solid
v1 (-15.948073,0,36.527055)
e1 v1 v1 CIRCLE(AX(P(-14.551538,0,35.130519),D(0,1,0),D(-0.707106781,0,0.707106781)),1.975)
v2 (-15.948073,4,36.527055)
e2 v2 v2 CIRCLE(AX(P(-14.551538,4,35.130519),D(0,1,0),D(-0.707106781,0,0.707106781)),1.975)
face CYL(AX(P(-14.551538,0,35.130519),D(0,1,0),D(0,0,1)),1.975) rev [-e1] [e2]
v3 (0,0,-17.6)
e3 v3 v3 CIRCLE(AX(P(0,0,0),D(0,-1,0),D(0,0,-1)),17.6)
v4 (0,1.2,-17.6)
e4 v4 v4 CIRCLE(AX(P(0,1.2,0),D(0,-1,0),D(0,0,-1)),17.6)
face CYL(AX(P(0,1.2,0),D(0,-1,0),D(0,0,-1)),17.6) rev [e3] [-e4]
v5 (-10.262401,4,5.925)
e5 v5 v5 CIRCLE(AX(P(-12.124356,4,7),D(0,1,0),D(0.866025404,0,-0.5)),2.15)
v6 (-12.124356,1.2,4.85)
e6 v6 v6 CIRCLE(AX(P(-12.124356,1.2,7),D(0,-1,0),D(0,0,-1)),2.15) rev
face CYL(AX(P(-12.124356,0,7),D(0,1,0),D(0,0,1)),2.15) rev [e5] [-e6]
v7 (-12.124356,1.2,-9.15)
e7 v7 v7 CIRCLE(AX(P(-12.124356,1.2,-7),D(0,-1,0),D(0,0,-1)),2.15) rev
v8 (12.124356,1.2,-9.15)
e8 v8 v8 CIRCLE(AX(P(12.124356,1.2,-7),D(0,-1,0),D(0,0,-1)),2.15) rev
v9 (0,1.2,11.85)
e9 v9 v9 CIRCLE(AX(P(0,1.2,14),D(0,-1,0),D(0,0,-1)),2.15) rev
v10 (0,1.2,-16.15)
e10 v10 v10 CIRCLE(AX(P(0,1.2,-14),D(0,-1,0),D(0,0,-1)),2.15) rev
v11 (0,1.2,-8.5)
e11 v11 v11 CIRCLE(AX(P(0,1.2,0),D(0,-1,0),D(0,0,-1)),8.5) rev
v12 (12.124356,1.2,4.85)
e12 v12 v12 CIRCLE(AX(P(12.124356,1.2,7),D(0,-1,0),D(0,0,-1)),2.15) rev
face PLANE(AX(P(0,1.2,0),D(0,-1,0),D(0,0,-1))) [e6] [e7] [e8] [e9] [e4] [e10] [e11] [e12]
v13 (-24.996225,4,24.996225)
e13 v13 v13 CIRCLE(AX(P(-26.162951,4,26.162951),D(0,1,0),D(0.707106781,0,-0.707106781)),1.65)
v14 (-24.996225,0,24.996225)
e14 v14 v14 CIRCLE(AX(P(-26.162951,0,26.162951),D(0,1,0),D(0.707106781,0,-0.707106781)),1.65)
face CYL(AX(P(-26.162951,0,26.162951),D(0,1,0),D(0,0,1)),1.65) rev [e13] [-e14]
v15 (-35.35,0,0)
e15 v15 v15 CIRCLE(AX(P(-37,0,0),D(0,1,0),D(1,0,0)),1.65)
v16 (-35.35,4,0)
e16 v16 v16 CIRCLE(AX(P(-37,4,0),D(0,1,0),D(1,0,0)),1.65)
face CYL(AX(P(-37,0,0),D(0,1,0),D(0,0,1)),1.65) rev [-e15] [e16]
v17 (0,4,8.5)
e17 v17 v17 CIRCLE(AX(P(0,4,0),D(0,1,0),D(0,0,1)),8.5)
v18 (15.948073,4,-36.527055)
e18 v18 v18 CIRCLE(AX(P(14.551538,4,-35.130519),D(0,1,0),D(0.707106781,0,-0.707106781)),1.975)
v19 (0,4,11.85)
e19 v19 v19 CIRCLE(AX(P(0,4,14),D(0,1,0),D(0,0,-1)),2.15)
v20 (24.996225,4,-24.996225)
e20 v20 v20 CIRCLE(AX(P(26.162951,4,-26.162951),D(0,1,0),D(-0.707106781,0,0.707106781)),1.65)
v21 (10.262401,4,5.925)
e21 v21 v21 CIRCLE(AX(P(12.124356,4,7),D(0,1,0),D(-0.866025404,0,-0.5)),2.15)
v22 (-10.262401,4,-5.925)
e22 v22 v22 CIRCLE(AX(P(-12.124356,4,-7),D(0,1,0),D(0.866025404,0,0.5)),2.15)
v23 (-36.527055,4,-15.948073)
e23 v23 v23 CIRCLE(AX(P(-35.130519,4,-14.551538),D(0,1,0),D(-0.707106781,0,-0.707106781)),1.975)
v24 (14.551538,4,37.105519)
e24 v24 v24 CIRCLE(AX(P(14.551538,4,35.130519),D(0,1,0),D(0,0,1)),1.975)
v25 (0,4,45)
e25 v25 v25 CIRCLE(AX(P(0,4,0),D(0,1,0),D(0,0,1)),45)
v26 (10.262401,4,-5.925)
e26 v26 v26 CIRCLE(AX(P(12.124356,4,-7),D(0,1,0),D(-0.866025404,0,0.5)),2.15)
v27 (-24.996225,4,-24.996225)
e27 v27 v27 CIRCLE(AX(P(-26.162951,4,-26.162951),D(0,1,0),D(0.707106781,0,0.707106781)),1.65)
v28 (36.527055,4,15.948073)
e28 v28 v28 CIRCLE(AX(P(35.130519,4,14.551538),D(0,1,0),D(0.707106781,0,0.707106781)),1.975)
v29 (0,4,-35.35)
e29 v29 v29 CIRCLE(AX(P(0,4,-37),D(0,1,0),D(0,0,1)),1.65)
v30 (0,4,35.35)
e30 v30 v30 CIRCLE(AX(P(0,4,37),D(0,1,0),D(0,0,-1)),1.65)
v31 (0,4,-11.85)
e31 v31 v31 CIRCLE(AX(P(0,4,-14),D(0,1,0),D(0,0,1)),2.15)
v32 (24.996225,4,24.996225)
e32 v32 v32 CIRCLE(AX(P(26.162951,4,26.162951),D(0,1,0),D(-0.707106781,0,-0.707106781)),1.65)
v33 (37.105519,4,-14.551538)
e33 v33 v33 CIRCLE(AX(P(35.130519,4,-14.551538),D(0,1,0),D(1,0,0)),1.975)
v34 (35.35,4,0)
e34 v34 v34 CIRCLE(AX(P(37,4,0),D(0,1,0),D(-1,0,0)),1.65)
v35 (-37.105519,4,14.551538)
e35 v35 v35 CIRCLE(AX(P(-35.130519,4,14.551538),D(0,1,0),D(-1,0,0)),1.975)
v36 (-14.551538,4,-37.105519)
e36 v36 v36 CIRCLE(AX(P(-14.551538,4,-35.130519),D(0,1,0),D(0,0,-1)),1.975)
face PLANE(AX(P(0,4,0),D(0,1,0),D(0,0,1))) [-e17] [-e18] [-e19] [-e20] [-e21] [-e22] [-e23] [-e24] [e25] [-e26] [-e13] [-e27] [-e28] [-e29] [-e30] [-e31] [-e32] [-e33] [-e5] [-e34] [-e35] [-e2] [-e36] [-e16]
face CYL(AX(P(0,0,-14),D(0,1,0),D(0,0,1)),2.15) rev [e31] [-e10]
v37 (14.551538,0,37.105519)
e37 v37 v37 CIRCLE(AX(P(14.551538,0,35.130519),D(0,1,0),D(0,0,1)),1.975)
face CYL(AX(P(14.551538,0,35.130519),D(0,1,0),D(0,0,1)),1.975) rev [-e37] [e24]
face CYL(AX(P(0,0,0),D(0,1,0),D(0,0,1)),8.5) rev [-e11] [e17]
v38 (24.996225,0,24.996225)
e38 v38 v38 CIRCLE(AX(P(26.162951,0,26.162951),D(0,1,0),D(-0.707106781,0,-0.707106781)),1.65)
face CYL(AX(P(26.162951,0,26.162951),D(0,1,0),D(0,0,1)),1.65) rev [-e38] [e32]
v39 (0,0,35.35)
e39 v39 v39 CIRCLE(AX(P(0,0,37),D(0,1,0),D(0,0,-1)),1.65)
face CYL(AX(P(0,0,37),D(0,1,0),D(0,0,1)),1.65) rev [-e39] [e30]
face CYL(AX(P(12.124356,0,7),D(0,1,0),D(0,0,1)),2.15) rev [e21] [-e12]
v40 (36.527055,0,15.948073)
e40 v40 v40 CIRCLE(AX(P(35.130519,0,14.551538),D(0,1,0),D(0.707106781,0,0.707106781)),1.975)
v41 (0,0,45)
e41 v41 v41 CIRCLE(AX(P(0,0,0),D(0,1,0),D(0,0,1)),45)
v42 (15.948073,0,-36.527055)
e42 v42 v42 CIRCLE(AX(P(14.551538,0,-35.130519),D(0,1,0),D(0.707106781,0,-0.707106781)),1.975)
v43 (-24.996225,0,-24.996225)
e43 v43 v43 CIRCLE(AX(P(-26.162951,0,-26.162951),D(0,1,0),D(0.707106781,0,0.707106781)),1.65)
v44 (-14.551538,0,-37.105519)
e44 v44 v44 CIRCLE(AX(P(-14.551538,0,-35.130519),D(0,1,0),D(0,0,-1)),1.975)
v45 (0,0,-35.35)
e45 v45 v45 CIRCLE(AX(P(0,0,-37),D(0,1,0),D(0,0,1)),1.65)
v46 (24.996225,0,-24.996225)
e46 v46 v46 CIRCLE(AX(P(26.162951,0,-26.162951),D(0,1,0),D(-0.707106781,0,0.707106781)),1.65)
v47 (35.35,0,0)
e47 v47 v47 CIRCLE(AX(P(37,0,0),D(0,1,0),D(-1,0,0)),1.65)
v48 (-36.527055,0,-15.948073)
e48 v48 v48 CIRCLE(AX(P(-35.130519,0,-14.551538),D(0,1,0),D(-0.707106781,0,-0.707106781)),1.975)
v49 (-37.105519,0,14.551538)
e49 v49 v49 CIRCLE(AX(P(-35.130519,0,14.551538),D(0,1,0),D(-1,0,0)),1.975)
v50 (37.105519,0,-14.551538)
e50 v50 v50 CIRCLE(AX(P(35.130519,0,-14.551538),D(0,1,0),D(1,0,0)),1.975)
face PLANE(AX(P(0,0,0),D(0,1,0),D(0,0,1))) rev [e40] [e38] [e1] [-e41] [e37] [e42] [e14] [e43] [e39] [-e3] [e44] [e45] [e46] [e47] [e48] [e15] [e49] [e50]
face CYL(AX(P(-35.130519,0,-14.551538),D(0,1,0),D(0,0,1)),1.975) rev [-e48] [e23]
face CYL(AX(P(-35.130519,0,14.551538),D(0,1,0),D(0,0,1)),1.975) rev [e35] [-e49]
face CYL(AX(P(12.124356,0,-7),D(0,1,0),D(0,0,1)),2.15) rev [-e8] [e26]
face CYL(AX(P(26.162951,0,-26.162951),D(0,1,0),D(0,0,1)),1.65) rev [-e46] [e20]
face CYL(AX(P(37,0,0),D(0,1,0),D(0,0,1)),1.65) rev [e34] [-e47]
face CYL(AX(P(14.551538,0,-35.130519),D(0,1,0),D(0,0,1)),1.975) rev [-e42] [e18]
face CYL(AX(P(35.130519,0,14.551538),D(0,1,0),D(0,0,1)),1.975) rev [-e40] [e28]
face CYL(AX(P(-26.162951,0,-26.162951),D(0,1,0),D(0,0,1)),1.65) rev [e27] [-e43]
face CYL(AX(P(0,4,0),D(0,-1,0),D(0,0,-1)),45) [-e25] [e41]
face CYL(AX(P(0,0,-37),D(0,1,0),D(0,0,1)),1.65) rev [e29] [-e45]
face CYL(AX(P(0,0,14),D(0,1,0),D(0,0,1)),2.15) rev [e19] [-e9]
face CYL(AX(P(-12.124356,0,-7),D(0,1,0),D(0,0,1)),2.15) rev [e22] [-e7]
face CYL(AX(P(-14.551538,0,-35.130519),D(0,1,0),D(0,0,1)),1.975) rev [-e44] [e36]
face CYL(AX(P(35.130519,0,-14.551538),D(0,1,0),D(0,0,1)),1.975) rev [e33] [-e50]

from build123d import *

# Parameters (mm, degrees)
SKETCH_1_R               = 45
EXTRUDE_1_DEPTH          = 4
SKETCH_2_R               = 2.15
CUT_EXTRUDE_1_DEPTH      = 64.765194268
PATTERN_CIRCULAR_1_COUNT = 6
CUT_EXTRUDE_2_DEPTH      = 64.765194268
CUT_EXTRUDE_2_DEPTH_BACK = 64.765194268
SKETCH_3_R               = 8.5
SKETCH_4_R               = 1.65
CUT_EXTRUDE_3_DEPTH      = 64.765194268
PATTERN_CIRCULAR_2_COUNT = 8
SKETCH_5_R               = 17.6
CUT_EXTRUDE_4_DEPTH      = 1.2
SKETCH_6_R               = 1.975
CUT_EXTRUDE_5_DEPTH      = 64.765194268
PATTERN_CIRCULAR_3_COUNT = 8


with BuildPart() as part:
    # 草图1 → 凸台-拉伸1 (new body)
    with BuildSketch(Plane(origin=(0, 0, 0), x_dir=(1, 0, 0), z_dir=(0, 1, 0))):
        with Locations(Location((0, 0, 0), (0, 0, 270))):
            Circle(SKETCH_1_R)
    extrude(amount=EXTRUDE_1_DEPTH)

    # 草图2 → 切除-拉伸1 (cut, symmetric)
    with BuildSketch(Plane(origin=(0, 4, 0), x_dir=(1, 0, 0), z_dir=(0, 1, 0))):
        with Locations(Location((0, 14, 0), (0, 0, 270))):
            Circle(SKETCH_2_R)
    cut_extrude_1 = extrude(amount=CUT_EXTRUDE_1_DEPTH, both=True, mode=Mode.SUBTRACT)

    # 阵列(圆周)1: 切除-拉伸1 ×6 about axis
    pattern_circular_1_axis = Axis((0, 0, 0), (0, 1, 0))
    for i in range(1, PATTERN_CIRCULAR_1_COUNT):
        add(cut_extrude_1.rotate(pattern_circular_1_axis, i * 360 / PATTERN_CIRCULAR_1_COUNT), mode=Mode.SUBTRACT)

    # 草图3 → 切除-拉伸2 (cut, two sides: drawn at the far end of the back side and taken through both)
    with BuildSketch(Plane(origin=(0, 4, 0), x_dir=(1, 0, 0), z_dir=(0, 1, 0)).offset(-CUT_EXTRUDE_2_DEPTH_BACK)):
        with Locations(Location((0, 0, 0), (0, 0, 270))):
            Circle(SKETCH_3_R)
    extrude(amount=CUT_EXTRUDE_2_DEPTH + CUT_EXTRUDE_2_DEPTH_BACK, mode=Mode.SUBTRACT)

    # 草图4 → 切除-拉伸3 (cut, symmetric)
    with BuildSketch(Plane(origin=(0, 4, 0), x_dir=(1, 0, 0), z_dir=(0, 1, 0))):
        with Locations(Location((0, 37, 0), (0, 0, 270))):
            Circle(SKETCH_4_R)
    cut_extrude_3 = extrude(amount=CUT_EXTRUDE_3_DEPTH, both=True, mode=Mode.SUBTRACT)

    # 阵列(圆周)2: 切除-拉伸3 ×8 about axis
    pattern_circular_2_axis = Axis((0, 0, 0), (0, 1, 0))
    for i in range(1, PATTERN_CIRCULAR_2_COUNT):
        add(cut_extrude_3.rotate(pattern_circular_2_axis, i * 360 / PATTERN_CIRCULAR_2_COUNT), mode=Mode.SUBTRACT)

    # 草图5 → 切除-拉伸4 (cut)
    with BuildSketch(Plane.XZ):
        with Locations(Location((0, 0, 0), (0, 0, 270))):
            Circle(SKETCH_5_R)
    extrude(amount=-CUT_EXTRUDE_4_DEPTH, mode=Mode.SUBTRACT)

    # 草图6 → 切除-拉伸5 (cut, symmetric)
    with BuildSketch(Plane(origin=(0, 4, 0), x_dir=(1, 0, 0), z_dir=(0, 1, 0))):
        with Locations(Location((14.551537516, -35.130519224, 0), (0, 0, 270))):
            Circle(SKETCH_6_R)
    cut_extrude_5 = extrude(amount=CUT_EXTRUDE_5_DEPTH, both=True, mode=Mode.SUBTRACT)

    # 阵列(圆周)3: 切除-拉伸5 ×8 about axis
    pattern_circular_3_axis = Axis((0, 0, 0), (0, 1, 0))
    for i in range(1, PATTERN_CIRCULAR_3_COUNT):
        add(cut_extrude_5.rotate(pattern_circular_3_axis, i * 360 / PATTERN_CIRCULAR_3_COUNT), mode=Mode.SUBTRACT)


solid = part.part
